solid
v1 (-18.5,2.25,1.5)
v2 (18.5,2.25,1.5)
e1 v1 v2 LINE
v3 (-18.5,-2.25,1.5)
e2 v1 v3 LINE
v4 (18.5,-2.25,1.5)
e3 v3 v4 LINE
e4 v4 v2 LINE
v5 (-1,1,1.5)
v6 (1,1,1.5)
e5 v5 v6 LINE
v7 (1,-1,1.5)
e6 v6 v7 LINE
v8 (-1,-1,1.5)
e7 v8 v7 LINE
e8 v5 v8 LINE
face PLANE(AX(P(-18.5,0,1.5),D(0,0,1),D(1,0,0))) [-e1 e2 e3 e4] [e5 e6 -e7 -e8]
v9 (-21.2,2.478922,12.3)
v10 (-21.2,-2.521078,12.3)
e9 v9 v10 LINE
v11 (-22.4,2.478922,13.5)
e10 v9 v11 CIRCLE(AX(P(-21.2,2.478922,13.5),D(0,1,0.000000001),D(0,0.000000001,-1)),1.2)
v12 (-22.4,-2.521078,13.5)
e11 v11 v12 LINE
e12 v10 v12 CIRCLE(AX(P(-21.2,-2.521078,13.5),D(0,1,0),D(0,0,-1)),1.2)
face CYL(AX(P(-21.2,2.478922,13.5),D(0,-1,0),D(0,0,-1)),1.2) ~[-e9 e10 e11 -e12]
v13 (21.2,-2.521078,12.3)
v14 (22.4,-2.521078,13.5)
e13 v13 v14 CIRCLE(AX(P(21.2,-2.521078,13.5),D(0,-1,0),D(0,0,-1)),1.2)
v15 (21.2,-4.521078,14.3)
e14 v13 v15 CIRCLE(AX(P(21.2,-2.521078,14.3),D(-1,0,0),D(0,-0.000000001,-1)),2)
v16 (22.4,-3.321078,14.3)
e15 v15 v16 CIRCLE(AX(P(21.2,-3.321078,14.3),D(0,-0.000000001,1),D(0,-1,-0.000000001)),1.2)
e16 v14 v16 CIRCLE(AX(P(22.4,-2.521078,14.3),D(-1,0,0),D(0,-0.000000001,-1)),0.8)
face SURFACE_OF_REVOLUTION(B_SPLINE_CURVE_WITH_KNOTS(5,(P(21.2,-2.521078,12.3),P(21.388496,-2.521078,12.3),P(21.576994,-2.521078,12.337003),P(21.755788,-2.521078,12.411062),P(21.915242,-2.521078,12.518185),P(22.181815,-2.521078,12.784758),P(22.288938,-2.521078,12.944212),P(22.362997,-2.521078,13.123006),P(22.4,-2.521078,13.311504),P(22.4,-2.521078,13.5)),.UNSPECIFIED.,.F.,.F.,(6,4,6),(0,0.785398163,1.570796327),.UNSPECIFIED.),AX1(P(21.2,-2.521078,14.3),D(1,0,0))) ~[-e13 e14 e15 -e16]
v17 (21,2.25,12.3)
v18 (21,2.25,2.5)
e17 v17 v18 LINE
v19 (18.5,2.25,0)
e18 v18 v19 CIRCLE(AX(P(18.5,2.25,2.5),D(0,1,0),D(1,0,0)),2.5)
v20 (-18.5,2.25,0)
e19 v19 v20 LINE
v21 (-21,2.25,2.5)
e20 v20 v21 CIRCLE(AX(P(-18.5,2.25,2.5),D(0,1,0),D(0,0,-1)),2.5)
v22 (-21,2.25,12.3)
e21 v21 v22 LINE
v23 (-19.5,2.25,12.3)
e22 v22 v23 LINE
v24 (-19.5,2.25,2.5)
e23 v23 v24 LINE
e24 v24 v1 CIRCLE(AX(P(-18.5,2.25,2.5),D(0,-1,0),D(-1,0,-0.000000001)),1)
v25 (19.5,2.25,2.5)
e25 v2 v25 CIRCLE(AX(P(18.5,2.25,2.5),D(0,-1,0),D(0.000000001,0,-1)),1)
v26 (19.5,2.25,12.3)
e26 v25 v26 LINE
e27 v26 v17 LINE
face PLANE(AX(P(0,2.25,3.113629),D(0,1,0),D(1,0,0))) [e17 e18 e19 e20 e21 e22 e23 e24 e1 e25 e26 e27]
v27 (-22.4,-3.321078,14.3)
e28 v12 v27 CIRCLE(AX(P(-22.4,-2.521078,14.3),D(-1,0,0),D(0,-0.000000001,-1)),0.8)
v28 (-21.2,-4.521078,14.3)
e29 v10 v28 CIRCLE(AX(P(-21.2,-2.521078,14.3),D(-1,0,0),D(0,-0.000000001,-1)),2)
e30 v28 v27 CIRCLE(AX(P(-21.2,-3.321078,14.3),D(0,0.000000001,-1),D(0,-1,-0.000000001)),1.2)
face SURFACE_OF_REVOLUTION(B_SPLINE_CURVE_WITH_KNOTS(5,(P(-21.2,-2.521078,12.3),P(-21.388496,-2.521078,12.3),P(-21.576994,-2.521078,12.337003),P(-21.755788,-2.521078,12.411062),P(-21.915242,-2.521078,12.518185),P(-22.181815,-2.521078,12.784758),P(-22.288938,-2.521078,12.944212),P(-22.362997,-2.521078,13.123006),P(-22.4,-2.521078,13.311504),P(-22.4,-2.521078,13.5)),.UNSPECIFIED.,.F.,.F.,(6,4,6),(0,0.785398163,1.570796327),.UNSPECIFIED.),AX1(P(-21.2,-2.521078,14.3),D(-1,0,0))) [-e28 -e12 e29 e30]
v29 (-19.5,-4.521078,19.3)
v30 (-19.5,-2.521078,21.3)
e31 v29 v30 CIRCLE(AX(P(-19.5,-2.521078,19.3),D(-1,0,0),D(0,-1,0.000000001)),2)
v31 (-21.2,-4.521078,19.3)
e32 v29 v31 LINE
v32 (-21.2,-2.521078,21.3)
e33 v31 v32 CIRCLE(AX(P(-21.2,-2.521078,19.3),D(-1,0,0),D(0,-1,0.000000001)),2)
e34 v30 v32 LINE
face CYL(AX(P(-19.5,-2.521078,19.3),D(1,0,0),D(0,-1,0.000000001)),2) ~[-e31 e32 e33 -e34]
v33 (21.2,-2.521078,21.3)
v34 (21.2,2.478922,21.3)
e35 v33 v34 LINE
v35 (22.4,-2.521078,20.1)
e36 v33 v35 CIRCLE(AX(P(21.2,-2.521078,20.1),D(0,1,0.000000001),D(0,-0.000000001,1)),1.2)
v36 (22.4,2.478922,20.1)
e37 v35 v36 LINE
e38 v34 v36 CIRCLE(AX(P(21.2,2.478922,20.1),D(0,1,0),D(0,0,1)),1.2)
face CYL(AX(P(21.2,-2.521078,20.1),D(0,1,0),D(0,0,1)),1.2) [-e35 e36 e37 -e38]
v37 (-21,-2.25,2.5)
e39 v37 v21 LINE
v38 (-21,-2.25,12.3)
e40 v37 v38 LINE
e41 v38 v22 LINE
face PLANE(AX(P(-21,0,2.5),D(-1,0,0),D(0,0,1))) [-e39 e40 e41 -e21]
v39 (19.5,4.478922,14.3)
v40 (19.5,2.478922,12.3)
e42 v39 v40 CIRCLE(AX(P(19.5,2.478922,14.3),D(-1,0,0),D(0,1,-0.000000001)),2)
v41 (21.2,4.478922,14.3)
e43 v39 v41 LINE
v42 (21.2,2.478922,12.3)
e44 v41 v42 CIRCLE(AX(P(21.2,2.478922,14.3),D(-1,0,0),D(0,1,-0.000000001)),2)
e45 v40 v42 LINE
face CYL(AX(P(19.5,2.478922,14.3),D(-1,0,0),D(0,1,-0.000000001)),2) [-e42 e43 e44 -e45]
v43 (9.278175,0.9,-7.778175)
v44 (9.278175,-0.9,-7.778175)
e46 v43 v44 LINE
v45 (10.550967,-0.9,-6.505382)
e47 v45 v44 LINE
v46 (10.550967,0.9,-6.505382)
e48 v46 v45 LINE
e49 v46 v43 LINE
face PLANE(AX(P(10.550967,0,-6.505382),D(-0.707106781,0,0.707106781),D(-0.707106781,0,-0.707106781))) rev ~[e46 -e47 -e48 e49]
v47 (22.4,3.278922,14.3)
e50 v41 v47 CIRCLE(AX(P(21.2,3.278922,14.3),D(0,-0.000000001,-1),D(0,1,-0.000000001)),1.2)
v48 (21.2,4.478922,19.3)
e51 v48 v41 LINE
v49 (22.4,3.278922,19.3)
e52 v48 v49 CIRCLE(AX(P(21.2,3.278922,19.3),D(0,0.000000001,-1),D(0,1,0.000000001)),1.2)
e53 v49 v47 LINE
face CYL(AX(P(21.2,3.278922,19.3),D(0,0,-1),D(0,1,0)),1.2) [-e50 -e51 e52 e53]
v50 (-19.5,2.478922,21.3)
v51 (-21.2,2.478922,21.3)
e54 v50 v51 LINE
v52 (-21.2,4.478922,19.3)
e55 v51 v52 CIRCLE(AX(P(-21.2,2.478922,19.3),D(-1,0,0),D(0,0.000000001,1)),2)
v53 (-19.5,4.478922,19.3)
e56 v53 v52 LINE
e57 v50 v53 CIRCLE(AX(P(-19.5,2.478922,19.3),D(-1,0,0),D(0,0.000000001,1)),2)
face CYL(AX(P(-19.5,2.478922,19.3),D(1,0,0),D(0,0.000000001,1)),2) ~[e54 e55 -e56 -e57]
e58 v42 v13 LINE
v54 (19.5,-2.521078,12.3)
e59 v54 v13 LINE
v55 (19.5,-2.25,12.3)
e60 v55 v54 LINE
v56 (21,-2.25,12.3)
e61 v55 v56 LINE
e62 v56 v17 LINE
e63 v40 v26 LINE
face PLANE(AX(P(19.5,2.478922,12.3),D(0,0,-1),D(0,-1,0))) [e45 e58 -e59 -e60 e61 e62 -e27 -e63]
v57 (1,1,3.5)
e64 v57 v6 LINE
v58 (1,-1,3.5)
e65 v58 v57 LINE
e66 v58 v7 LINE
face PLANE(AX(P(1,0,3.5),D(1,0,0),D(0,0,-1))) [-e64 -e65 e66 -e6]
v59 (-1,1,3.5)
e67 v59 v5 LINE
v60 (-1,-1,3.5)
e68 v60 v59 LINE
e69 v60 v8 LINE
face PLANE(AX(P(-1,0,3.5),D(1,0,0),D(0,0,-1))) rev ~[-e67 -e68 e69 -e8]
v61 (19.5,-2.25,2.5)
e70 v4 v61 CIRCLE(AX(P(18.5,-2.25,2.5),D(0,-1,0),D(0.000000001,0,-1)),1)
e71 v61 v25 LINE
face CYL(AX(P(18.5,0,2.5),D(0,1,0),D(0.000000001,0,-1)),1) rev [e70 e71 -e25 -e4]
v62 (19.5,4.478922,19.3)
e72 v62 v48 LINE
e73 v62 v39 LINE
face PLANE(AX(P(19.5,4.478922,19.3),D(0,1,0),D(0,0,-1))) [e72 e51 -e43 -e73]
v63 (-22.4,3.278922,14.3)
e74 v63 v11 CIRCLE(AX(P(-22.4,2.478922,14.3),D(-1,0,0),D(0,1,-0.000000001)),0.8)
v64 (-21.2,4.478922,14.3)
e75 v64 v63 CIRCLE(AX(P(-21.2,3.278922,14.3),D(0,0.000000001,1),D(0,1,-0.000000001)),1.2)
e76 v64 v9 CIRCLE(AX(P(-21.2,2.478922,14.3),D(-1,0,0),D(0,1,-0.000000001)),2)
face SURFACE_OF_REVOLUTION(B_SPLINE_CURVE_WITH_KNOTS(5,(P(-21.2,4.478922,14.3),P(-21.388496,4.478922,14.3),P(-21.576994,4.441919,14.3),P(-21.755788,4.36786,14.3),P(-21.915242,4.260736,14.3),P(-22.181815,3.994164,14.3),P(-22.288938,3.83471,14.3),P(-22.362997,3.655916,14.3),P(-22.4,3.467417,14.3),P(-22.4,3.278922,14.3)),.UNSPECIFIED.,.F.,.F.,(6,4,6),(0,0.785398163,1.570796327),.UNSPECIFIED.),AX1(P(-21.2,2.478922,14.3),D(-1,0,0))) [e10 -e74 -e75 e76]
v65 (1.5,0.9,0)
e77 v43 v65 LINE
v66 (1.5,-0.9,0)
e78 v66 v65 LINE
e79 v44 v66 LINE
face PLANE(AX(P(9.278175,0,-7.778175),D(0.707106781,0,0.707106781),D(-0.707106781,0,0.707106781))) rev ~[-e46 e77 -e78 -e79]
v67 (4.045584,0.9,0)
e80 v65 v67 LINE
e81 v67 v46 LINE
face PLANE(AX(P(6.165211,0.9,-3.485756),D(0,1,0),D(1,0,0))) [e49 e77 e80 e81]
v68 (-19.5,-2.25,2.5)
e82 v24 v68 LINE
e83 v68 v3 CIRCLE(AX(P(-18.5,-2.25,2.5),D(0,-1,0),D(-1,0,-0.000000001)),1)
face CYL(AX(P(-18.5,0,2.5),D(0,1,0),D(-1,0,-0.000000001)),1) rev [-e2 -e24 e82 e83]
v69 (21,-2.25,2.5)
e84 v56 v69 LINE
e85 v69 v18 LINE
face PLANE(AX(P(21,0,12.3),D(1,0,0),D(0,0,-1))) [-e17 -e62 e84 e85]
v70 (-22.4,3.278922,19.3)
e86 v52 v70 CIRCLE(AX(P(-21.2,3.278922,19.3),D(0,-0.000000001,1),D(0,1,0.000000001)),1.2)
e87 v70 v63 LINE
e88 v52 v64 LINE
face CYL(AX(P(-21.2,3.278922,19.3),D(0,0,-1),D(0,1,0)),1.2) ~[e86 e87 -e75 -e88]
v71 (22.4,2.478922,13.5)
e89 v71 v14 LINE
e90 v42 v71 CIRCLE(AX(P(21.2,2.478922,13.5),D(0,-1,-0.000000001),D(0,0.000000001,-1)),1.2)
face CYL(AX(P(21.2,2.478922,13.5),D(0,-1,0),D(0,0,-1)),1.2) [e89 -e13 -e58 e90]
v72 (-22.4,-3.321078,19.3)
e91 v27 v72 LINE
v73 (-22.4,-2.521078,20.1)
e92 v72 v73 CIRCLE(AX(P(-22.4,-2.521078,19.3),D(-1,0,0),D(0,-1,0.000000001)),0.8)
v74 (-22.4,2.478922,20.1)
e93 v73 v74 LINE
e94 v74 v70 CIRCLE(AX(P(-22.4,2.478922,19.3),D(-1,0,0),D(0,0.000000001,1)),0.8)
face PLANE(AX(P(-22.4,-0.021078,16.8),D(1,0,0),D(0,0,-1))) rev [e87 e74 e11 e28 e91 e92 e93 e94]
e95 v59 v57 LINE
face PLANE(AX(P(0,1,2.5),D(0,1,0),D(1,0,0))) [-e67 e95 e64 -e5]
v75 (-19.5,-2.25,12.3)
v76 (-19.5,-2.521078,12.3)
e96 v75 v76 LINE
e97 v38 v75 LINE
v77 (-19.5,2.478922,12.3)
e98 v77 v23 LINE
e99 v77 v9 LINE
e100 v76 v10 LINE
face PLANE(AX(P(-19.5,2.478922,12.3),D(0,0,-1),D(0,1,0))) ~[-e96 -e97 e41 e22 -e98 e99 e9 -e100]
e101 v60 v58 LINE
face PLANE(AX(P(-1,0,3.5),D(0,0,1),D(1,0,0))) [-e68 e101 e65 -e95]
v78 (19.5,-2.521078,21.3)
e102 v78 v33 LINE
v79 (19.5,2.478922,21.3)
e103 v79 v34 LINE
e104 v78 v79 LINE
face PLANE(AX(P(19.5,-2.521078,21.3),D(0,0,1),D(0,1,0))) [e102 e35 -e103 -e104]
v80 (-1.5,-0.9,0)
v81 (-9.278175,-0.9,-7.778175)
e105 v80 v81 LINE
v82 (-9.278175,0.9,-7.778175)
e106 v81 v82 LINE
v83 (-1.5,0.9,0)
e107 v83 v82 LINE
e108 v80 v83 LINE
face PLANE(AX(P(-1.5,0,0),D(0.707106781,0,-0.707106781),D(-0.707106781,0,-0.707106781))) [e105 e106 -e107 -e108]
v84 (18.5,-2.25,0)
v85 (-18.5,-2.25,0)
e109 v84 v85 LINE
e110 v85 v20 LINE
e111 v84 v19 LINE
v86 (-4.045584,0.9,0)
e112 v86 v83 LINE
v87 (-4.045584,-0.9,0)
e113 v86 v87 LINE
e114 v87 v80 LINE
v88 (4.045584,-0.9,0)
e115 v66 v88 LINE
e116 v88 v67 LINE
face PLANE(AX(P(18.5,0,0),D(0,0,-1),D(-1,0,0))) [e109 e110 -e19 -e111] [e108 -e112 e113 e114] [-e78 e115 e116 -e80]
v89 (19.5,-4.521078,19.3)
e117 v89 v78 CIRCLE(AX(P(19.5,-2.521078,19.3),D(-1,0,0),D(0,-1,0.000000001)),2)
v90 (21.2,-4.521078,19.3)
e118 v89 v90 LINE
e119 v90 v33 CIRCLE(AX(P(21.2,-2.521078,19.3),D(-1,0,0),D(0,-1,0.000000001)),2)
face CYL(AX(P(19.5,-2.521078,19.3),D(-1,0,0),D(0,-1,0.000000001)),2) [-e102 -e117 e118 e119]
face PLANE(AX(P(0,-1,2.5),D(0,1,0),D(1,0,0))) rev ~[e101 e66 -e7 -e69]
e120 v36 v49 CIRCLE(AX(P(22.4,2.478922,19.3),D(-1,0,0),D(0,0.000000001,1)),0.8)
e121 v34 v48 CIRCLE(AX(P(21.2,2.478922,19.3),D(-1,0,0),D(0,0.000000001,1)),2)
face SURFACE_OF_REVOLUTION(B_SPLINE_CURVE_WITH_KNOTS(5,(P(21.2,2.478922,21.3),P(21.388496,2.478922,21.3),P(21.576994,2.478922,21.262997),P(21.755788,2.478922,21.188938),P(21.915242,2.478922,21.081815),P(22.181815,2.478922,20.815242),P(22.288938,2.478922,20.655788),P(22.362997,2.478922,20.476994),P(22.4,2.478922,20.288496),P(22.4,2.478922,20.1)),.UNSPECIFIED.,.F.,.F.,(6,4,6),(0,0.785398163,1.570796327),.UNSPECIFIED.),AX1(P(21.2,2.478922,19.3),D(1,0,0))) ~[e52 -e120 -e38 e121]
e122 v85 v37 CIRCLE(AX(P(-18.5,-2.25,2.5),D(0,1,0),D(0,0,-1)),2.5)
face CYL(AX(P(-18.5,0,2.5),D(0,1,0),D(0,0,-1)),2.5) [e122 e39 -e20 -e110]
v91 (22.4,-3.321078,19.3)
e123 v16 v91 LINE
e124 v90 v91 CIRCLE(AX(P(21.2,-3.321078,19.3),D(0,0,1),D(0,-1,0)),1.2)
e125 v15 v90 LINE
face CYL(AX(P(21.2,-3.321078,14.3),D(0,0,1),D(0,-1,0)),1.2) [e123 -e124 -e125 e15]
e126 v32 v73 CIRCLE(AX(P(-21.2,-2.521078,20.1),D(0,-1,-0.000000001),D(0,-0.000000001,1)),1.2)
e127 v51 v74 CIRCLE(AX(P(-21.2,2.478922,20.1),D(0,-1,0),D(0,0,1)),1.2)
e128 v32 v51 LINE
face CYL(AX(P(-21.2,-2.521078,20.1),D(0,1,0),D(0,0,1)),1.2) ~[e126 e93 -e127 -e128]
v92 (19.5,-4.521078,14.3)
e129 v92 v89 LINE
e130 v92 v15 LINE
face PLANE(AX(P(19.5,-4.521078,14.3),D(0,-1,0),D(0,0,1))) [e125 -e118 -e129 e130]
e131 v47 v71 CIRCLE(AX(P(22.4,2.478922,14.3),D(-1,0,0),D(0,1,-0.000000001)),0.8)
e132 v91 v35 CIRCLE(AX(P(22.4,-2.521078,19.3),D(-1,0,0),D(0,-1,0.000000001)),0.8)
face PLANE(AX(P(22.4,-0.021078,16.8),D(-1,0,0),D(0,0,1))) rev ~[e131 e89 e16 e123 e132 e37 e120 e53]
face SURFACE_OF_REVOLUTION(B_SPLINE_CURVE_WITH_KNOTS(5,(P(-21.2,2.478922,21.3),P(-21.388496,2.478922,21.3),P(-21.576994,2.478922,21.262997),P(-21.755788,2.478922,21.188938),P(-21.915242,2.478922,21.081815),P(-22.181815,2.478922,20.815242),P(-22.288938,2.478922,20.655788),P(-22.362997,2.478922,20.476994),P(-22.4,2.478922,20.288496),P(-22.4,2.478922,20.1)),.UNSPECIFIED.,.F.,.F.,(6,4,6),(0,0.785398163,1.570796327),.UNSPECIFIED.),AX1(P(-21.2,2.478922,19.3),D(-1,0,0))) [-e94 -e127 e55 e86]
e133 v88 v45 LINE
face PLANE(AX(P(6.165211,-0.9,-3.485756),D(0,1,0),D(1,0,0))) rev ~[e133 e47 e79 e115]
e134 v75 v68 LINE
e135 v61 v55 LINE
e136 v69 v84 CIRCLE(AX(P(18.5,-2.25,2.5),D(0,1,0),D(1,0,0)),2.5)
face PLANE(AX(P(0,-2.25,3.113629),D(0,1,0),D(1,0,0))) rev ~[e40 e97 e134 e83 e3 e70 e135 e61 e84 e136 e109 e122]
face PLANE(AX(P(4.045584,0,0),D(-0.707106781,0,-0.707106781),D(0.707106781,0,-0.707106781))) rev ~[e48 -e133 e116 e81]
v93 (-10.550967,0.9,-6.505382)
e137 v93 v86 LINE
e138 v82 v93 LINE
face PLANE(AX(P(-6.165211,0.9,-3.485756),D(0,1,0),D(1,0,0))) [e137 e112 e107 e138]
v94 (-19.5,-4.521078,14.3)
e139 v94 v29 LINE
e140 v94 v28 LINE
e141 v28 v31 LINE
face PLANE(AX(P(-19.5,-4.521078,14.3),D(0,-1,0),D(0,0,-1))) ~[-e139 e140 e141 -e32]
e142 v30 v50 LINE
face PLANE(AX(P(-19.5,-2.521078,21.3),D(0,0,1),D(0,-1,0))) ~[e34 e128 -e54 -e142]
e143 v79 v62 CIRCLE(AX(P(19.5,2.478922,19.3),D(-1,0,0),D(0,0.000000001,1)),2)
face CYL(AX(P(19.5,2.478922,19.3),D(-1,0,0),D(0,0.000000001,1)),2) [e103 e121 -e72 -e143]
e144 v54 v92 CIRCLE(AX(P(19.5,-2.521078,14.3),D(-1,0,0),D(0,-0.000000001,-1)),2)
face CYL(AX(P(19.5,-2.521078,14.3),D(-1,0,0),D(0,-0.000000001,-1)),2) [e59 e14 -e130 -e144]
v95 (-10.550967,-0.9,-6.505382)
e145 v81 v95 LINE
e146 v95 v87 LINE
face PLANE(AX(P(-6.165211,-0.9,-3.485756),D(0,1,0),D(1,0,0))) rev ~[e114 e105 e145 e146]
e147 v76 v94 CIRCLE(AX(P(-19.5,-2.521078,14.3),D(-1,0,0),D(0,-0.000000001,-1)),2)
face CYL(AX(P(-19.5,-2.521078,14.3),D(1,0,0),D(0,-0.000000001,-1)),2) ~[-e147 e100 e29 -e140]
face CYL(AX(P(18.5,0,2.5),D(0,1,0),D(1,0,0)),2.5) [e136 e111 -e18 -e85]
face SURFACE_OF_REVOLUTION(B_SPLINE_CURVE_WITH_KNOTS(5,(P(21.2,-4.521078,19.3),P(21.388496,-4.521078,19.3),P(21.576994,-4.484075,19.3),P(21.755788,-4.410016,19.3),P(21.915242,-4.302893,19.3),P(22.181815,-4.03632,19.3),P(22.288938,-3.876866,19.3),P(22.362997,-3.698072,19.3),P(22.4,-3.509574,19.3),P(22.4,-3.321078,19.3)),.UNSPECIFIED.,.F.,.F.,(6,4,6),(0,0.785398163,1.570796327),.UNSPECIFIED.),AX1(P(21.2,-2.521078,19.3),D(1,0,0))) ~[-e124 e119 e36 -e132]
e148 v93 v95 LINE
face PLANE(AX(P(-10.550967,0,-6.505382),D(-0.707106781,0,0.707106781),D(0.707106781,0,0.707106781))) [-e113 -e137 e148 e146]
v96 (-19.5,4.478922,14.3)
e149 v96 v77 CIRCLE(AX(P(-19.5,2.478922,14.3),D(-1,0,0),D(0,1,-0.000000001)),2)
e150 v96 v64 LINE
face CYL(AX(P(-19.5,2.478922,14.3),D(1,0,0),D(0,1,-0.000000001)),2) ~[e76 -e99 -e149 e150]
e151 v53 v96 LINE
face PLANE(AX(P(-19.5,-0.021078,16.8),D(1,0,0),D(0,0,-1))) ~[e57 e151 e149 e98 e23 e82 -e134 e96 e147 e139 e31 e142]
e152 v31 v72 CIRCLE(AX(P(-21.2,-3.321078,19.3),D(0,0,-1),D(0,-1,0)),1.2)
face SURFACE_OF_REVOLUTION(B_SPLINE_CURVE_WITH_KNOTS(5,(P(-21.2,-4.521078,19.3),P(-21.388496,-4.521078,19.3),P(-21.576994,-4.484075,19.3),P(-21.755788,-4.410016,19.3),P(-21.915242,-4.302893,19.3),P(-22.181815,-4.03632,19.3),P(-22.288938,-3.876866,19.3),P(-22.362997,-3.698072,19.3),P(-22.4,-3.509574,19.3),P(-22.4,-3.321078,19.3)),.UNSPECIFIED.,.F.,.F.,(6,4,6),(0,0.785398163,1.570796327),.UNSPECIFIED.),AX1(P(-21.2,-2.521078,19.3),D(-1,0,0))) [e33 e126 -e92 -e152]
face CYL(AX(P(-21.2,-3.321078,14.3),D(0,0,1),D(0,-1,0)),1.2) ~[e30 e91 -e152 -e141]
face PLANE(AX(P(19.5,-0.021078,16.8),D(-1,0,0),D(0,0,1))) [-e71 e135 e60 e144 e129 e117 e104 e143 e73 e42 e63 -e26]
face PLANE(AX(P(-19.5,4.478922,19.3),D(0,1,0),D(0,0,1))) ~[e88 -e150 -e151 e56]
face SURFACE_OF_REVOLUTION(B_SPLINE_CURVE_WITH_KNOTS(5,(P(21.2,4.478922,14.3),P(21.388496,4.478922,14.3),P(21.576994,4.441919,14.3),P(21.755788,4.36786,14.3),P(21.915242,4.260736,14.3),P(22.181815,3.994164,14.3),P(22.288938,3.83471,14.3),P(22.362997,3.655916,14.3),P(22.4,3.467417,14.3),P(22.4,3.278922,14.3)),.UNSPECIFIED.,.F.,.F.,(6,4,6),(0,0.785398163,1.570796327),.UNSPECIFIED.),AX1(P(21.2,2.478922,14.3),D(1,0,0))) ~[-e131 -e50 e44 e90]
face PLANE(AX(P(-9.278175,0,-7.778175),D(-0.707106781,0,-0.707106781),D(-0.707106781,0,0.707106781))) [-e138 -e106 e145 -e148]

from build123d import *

# Parameters (mm, degrees)
EXTRUDE_2_DEPTH        = 2.25
SKETCH_1_5_W           = 2
SKETCH_1_5_H           = 2
EXTRUDE_3_DEPTH        = 1
EXTRUDE_4_DEPTH        = 0.9
EXTRUDE_5_DEPTH        = 2.9
FILLET_1_R             = 1.2
FILLET_1_OF_MIRROR_2_R = 1.2


with BuildPart() as part:
    # 草图1 → 凸台-拉伸2 (new, symmetric)
    with BuildSketch(Plane(origin=(0, 0, 0), x_dir=(1, 0, 0), z_dir=(0, 1, 0))):
        with BuildLine():
            Line((-18.5, -1.5), (18.5, -1.5))
            ThreePointArc((18.5, -1.5), (19.207106781, -1.792893219), (19.5, -2.5))
            Line((19.5, -2.5), (19.5, -12.3))
            Line((19.5, -12.3), (21, -12.3))
            Line((21, -12.3), (21, -2.5))
            ThreePointArc((21, -2.5), (20.267766953, -0.732233047), (18.5, 0))
            Line((18.5, 0), (-18.5, 0))
            ThreePointArc((-18.5, 0), (-20.267766953, -0.732233047), (-21, -2.5))
            Line((-21, -2.5), (-21, -12.3))
            Line((-21, -12.3), (-19.5, -12.3))
            Line((-19.5, -12.3), (-19.5, -2.5))
            ThreePointArc((-19.5, -2.5), (-19.207106781, -1.792893219), (-18.5, -1.5))
        make_face()
    extrude(amount=EXTRUDE_2_DEPTH, both=True)

    # 草图1<5> → 凸台-拉伸3 (add, symmetric)
    with BuildSketch(Plane(origin=(0, 0, 0), x_dir=(1, 0, 0), z_dir=(0, 1, 0))):
        with Locations((0, -2.5)):
            Rectangle(SKETCH_1_5_W, SKETCH_1_5_H)
    extrude(amount=EXTRUDE_3_DEPTH, both=True)

    # 草图1<6> → 凸台-拉伸4 (add, symmetric)
    with BuildSketch(Plane(origin=(0, 0, 0), x_dir=(1, 0, 0), z_dir=(0, 1, 0))):
        Polygon((9.278174593, 7.778174593), (1.5, 0), (4.045584412, 0), (10.550966799, 6.505382387), align=None)
        Polygon((-4.045584412, 0), (-1.5, 0), (-9.278174593, 7.778174593), (-10.550966799, 6.505382387), align=None)
    extrude(amount=EXTRUDE_4_DEPTH, both=True)

    # 草图2 → 凸台-拉伸5 (add)
    with BuildSketch(Plane.ZY.offset(-19.5)):
        with BuildLine():
            Line((19.3, 4.478921871), (14.3, 4.478921871))
            ThreePointArc((14.3, 4.478921871), (12.885786438, 3.893135433), (12.3, 2.478921871))
            Line((12.3, 2.478921871), (12.3, -2.521078129))
            ThreePointArc((12.3, -2.521078129), (12.885786438, -3.935291691), (14.3, -4.521078129))
            Line((14.3, -4.521078129), (19.3, -4.521078129))
            ThreePointArc((19.3, -4.521078129), (20.714213562, -3.935291691), (21.3, -2.521078129))
            Line((21.3, -2.521078129), (21.3, 2.478921871))
            ThreePointArc((21.3, 2.478921871), (20.714213562, 3.893135433), (19.3, 4.478921871))
        make_face()
    extrude_5 = extrude(amount=-EXTRUDE_5_DEPTH)

    # 圆角1
    fillet_1_edges = [part.edges().sort_by_distance(p)[0] for p in [
        (22.4, 3.893135433, 12.885786438),
        (22.4, 4.478921871, 16.8),
        (22.4, 3.893135433, 20.714213562),
        (22.4, -0.021078129, 21.3),
        (22.4, -3.935291691, 20.714213562),
        (22.4, -4.521078129, 16.8),
        (22.4, -3.935291691, 12.885786438),
        (22.4, -0.021078129, 12.3),
    ]]
    fillet(fillet_1_edges, radius=FILLET_1_R)

    # 镜向2: 凸台-拉伸5 across plane
    add(extrude_5.mirror(Plane(origin=(0, 0, 0), x_dir=(0, 0, 1), z_dir=(1, 0, 0))))

    # 圆角1 of 镜向2
    fillet_1_of_mirror_2_edges = [part.edges().sort_by_distance(p)[0] for p in [
        (-22.4, 3.893135433, 12.885786438),
        (-22.4, 4.478921871, 16.8),
        (-22.4, 3.893135433, 20.714213562),
        (-22.4, -0.021078129, 21.3),
        (-22.4, -3.935291691, 20.714213562),
        (-22.4, -4.521078129, 16.8),
        (-22.4, -3.935291691, 12.885786438),
        (-22.4, -0.021078129, 12.3),
    ]]
    fillet(fillet_1_of_mirror_2_edges, radius=FILLET_1_OF_MIRROR_2_R)


solid = part.part
